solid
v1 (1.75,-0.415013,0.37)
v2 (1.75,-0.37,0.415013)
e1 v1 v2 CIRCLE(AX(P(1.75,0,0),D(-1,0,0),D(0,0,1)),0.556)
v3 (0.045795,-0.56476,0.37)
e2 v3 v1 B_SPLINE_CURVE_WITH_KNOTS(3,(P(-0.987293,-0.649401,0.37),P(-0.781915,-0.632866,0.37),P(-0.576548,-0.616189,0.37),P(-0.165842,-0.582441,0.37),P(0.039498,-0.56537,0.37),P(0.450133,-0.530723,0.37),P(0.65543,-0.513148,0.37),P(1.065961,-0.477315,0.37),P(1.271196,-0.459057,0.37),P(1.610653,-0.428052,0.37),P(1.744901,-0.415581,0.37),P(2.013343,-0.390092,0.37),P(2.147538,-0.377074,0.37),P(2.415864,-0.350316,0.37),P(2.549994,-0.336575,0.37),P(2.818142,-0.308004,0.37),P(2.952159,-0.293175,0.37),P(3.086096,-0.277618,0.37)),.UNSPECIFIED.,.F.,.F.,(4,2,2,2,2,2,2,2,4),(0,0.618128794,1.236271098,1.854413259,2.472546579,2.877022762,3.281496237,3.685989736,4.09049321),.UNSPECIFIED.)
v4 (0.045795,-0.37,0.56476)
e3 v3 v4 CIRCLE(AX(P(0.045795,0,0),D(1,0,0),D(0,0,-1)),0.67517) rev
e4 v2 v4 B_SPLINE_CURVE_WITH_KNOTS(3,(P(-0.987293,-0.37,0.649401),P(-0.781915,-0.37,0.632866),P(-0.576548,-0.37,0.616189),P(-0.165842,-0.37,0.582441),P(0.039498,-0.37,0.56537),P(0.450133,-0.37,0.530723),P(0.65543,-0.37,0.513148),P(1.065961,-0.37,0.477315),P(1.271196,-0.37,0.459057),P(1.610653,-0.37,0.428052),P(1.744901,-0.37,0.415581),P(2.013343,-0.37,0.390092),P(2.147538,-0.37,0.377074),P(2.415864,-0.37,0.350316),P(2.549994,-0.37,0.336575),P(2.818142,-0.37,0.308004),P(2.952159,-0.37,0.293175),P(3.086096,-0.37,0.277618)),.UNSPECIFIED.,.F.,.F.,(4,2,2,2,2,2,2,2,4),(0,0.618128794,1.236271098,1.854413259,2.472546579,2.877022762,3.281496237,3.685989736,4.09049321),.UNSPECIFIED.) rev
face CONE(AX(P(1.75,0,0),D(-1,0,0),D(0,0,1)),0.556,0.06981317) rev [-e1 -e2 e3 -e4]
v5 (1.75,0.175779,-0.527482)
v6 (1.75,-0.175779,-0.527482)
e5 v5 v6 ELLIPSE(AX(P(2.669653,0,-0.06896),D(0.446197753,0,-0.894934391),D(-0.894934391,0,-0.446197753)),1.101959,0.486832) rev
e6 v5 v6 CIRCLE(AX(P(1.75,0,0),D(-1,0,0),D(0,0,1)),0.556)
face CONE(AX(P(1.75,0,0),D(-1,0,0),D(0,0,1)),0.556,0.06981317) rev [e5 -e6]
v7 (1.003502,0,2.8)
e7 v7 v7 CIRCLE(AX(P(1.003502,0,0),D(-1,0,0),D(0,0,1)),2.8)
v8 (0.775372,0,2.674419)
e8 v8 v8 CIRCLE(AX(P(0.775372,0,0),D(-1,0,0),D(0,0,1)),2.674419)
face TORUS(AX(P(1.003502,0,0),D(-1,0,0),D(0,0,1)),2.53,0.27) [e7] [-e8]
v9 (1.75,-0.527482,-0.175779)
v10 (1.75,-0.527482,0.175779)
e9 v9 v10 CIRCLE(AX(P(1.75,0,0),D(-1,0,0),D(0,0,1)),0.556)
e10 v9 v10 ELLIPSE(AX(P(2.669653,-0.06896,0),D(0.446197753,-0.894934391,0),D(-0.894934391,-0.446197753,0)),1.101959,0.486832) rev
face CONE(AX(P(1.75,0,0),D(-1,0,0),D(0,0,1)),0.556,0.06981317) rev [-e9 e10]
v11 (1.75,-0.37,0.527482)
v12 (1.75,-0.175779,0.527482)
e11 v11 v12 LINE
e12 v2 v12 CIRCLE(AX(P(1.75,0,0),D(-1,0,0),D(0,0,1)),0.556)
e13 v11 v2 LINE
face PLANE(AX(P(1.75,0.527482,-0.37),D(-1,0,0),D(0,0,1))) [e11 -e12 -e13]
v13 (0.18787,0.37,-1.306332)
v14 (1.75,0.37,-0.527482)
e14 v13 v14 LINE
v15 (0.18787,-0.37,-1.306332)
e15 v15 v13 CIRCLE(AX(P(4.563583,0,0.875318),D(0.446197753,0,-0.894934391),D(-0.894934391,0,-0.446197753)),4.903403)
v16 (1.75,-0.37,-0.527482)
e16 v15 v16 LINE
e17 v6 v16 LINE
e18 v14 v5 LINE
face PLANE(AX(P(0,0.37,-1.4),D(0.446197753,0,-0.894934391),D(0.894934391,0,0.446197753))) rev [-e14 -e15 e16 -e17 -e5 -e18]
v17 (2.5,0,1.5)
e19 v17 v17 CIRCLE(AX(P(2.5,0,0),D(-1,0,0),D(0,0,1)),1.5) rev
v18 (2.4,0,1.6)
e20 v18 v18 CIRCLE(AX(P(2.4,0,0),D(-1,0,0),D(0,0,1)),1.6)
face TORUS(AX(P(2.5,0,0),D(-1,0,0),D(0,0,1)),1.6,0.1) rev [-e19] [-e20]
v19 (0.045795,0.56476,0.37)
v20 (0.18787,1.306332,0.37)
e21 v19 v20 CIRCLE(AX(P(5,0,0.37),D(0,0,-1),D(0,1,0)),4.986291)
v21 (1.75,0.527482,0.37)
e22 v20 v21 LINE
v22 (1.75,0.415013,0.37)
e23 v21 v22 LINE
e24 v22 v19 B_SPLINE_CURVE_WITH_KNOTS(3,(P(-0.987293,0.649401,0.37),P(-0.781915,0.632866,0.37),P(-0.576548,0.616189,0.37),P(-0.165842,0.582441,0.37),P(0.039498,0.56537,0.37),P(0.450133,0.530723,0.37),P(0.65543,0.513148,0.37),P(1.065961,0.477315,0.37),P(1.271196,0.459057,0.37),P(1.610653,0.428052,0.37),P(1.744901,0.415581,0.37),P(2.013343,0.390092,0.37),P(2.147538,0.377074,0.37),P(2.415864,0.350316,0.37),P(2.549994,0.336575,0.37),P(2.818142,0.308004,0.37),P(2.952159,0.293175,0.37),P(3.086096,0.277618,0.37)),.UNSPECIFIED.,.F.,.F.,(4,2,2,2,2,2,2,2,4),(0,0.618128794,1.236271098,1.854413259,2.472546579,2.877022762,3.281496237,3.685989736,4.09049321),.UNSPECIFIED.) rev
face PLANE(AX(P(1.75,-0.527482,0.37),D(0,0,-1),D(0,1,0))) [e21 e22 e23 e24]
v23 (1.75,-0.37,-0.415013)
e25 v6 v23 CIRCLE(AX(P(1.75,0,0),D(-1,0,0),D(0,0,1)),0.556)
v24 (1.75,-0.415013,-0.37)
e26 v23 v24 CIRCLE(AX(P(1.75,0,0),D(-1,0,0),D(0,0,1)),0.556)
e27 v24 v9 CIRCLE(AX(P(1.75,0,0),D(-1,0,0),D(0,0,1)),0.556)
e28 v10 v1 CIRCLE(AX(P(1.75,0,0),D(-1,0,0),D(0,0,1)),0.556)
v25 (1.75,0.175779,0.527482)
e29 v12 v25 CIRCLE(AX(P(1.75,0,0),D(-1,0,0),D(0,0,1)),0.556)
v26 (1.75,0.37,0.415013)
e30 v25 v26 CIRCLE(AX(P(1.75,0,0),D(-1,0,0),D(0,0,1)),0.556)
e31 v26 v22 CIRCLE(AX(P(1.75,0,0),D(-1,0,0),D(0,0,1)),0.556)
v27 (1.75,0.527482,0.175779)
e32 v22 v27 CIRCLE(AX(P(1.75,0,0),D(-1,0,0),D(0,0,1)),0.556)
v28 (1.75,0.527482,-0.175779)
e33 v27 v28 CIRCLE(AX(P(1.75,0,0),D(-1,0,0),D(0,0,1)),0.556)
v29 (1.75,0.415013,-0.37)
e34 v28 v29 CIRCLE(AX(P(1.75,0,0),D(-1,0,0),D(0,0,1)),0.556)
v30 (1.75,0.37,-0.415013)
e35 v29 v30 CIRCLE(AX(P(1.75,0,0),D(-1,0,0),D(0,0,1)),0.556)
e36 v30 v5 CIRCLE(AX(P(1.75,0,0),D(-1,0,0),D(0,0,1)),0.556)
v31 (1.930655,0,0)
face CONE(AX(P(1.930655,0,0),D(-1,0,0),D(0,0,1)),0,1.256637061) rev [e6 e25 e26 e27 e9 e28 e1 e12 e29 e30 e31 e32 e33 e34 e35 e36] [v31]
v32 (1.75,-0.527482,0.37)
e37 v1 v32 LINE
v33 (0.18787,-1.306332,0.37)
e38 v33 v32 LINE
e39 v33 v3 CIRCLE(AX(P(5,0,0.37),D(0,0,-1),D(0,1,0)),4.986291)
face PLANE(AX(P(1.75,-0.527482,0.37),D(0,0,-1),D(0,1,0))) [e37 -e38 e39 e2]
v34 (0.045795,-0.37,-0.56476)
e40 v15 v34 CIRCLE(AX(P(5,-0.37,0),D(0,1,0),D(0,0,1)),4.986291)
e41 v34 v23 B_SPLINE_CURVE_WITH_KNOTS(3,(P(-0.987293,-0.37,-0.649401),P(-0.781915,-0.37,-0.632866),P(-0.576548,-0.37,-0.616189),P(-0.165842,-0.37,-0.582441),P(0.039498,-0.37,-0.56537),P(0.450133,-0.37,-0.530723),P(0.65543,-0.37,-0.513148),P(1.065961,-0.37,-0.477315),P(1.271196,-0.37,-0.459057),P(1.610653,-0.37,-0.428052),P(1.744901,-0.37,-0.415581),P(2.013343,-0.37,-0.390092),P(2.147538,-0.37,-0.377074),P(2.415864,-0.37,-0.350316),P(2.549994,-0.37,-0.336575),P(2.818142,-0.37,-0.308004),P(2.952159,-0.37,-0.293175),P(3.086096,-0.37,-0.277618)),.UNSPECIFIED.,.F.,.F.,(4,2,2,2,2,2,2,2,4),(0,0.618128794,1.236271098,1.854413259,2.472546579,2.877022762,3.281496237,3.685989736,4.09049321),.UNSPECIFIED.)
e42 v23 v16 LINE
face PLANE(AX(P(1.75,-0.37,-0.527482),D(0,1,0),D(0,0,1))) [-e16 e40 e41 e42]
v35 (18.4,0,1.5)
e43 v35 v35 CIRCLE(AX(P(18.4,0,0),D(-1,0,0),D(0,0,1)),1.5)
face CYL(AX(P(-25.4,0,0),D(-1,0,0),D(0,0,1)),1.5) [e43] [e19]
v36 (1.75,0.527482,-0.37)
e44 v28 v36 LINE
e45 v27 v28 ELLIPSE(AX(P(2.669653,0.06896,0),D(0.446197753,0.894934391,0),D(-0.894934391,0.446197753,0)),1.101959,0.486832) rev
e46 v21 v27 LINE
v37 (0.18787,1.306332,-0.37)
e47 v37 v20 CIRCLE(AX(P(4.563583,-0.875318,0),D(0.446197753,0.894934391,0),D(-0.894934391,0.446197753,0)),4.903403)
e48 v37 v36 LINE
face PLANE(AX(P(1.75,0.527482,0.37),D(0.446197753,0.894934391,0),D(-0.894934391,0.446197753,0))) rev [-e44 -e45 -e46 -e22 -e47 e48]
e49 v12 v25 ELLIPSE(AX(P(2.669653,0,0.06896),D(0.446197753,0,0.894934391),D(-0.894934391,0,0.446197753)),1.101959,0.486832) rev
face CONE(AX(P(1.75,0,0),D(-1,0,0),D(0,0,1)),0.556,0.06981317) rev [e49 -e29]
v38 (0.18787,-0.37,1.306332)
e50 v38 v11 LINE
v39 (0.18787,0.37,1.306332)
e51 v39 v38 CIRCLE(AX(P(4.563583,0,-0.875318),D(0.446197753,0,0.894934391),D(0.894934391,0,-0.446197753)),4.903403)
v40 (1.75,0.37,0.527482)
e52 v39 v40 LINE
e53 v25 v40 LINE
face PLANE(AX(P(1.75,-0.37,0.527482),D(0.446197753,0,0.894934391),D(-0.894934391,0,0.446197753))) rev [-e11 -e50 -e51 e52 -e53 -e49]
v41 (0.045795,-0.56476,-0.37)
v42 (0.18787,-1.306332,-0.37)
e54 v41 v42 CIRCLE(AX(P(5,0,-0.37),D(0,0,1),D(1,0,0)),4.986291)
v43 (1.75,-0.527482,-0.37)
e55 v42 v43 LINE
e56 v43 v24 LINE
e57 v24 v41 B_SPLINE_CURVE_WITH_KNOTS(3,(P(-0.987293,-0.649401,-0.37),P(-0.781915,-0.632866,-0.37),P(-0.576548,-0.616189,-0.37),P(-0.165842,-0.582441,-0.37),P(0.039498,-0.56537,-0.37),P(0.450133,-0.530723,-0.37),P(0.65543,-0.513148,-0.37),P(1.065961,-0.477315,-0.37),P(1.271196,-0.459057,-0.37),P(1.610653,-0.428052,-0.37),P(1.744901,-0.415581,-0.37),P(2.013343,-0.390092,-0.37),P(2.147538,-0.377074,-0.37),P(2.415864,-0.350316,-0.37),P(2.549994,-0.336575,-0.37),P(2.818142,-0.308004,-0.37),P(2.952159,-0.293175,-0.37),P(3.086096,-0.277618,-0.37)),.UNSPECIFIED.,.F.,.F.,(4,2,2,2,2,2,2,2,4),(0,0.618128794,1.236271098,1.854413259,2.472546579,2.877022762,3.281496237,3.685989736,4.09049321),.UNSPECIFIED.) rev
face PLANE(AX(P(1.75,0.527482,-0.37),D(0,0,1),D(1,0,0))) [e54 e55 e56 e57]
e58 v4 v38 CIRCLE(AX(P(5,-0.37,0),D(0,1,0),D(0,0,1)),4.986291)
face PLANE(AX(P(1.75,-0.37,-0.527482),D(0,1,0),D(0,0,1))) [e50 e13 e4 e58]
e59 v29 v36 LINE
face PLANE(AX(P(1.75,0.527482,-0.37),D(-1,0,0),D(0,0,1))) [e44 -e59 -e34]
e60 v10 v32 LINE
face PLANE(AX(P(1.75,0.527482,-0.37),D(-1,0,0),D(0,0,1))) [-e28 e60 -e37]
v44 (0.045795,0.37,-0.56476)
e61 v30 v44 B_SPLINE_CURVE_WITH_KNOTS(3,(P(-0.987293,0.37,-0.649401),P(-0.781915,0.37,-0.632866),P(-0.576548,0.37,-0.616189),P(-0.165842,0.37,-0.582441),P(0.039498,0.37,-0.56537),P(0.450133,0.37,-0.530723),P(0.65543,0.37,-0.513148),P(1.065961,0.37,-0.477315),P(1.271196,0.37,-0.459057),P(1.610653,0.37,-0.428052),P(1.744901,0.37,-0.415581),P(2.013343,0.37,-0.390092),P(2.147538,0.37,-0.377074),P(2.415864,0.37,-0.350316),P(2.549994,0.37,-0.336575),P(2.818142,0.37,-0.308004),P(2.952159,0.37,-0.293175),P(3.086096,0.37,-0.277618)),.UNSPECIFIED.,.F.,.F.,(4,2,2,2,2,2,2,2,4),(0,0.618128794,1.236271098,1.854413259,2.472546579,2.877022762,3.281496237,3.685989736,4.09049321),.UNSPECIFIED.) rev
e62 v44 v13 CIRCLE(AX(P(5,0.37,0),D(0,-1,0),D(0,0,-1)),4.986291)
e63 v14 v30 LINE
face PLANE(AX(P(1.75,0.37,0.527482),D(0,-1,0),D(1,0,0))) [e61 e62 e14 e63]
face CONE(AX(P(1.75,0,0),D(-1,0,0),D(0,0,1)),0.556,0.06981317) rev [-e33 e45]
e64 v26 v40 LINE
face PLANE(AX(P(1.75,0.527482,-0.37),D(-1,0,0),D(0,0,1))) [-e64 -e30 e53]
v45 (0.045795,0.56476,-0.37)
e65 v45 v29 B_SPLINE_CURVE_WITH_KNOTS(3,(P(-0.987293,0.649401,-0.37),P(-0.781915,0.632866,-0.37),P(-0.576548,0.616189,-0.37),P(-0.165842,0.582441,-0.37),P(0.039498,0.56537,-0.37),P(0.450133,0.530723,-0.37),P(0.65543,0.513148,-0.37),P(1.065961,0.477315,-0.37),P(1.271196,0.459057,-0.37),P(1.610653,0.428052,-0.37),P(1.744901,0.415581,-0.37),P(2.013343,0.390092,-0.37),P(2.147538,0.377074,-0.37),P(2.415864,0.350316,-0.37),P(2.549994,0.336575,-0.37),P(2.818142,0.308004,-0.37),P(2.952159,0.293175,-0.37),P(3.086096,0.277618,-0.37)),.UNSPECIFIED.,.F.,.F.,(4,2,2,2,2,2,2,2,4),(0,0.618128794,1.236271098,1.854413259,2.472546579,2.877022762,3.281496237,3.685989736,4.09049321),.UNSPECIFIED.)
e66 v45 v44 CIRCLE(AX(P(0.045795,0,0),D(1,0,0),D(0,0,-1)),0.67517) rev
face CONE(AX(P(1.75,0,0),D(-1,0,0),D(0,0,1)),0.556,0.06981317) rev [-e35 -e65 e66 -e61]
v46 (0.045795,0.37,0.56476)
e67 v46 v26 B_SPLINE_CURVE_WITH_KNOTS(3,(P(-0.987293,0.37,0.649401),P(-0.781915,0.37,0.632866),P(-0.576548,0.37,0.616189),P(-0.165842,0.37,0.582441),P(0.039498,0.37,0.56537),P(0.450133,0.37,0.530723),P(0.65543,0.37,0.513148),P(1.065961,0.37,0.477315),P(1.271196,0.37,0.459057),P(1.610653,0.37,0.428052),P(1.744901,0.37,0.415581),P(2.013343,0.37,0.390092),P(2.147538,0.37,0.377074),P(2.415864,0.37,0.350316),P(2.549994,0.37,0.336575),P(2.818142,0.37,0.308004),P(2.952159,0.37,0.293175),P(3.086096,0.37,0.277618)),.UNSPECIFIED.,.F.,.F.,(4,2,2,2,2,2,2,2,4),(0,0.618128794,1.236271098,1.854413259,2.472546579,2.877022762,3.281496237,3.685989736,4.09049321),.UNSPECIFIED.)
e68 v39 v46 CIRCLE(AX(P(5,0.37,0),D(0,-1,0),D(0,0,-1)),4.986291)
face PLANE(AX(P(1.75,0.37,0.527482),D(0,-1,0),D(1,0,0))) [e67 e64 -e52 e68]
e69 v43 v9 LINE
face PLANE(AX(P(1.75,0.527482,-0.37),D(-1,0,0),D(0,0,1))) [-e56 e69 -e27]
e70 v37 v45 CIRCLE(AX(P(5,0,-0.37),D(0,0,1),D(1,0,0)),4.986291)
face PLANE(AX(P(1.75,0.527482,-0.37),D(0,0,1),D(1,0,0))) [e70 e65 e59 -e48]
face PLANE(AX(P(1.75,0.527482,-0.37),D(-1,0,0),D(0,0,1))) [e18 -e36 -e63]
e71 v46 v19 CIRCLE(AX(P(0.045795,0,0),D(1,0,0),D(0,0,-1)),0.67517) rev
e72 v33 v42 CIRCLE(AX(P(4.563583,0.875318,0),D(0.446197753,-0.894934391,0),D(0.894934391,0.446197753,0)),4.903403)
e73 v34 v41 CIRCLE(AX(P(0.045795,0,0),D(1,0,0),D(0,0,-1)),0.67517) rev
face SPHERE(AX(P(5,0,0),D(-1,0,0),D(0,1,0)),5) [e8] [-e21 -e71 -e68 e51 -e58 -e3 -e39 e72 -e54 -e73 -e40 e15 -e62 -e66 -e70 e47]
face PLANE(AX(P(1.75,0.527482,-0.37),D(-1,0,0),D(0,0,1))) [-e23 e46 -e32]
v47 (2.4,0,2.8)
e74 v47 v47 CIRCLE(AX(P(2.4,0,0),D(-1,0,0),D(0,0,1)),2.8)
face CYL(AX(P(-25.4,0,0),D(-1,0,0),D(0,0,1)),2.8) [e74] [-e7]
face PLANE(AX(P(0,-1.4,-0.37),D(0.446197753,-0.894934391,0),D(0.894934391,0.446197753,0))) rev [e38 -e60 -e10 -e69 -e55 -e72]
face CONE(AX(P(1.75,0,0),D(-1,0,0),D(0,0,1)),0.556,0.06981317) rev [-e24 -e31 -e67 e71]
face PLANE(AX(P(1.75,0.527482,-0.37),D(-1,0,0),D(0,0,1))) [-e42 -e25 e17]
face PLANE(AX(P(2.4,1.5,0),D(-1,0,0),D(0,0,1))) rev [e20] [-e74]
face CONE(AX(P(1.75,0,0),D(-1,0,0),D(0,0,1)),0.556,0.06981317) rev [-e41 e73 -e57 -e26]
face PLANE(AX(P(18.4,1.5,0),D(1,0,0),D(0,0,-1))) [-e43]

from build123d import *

# Parameters (mm, degrees)
FILLET1_R    = 0.1
SKETCH3_W    = 0.74
SKETCH3_H    = 2.8
SKETCH4_W    = 0.74
SKETCH4_H    = 1.054964664
RECPAT_COUNT = 2
RECPAT_ANGLE = 90


with BuildPart() as part:
    # BodySke → Base-Revolve (revolve)
    with BuildSketch(Plane.XY):
        with BuildLine():
            Line((2.4, 1.5), (2.4, 2.8))
            Line((2.4, 2.8), (1.003501533, 2.8))
            ThreePointArc((1.003501533, 2.8), (0.873295971, 2.76653015), (0.775371599, 2.674418605))
            ThreePointArc((0.775371599, 2.674418605), (0.197753546, 1.392274756), (0, 0))
            Line((0, 0), (18.4, 0))
            Line((18.4, 0), (18.4, 1.5))
            Line((18.4, 1.5), (2.4, 1.5))
        make_face()
    revolve(axis=Axis((-25.4, 0, 0), (1, 0, 0)))

    # Fillet1
    fillet1_edges = [part.edges().sort_by_distance(p)[0] for p in [
        (2.4, -1.5, 0),
    ]]
    fillet(fillet1_edges, radius=FILLET1_R)

    # Sketch3 → Recess section 0
    with BuildSketch(Plane(origin=(0, 0, 0), x_dir=(0, 0, -1), z_dir=(1, 0, 0))):
        Rectangle(SKETCH3_W, SKETCH3_H)
    # Sketch4 → Recess section 1
    with BuildSketch(Plane(origin=(1.75, 0, 0), x_dir=(0, 0, -1), z_dir=(1, 0, 0))):
        Rectangle(SKETCH4_W, SKETCH4_H)
    recess = loft(mode=Mode.SUBTRACT)

    # RecPat: Recess ×2 about axis
    recpat_axis = Axis((0, 0, 0), (1, 0, 0))
    for i in range(1, RECPAT_COUNT):
        add(recess.rotate(recpat_axis, i * RECPAT_ANGLE / (RECPAT_COUNT - 1)), mode=Mode.SUBTRACT)

    # RecCorSke → RecessCore (revolve, cut)
    with BuildSketch(Plane.XY):
        Polygon((0, 0), (0, 0.678371921), (1.75, 0.556), (1.930655351, 0), align=None)
    revolve(axis=Axis((-3.175, 0, 0), (1, 0, 0)), mode=Mode.SUBTRACT)


solid = part.part
